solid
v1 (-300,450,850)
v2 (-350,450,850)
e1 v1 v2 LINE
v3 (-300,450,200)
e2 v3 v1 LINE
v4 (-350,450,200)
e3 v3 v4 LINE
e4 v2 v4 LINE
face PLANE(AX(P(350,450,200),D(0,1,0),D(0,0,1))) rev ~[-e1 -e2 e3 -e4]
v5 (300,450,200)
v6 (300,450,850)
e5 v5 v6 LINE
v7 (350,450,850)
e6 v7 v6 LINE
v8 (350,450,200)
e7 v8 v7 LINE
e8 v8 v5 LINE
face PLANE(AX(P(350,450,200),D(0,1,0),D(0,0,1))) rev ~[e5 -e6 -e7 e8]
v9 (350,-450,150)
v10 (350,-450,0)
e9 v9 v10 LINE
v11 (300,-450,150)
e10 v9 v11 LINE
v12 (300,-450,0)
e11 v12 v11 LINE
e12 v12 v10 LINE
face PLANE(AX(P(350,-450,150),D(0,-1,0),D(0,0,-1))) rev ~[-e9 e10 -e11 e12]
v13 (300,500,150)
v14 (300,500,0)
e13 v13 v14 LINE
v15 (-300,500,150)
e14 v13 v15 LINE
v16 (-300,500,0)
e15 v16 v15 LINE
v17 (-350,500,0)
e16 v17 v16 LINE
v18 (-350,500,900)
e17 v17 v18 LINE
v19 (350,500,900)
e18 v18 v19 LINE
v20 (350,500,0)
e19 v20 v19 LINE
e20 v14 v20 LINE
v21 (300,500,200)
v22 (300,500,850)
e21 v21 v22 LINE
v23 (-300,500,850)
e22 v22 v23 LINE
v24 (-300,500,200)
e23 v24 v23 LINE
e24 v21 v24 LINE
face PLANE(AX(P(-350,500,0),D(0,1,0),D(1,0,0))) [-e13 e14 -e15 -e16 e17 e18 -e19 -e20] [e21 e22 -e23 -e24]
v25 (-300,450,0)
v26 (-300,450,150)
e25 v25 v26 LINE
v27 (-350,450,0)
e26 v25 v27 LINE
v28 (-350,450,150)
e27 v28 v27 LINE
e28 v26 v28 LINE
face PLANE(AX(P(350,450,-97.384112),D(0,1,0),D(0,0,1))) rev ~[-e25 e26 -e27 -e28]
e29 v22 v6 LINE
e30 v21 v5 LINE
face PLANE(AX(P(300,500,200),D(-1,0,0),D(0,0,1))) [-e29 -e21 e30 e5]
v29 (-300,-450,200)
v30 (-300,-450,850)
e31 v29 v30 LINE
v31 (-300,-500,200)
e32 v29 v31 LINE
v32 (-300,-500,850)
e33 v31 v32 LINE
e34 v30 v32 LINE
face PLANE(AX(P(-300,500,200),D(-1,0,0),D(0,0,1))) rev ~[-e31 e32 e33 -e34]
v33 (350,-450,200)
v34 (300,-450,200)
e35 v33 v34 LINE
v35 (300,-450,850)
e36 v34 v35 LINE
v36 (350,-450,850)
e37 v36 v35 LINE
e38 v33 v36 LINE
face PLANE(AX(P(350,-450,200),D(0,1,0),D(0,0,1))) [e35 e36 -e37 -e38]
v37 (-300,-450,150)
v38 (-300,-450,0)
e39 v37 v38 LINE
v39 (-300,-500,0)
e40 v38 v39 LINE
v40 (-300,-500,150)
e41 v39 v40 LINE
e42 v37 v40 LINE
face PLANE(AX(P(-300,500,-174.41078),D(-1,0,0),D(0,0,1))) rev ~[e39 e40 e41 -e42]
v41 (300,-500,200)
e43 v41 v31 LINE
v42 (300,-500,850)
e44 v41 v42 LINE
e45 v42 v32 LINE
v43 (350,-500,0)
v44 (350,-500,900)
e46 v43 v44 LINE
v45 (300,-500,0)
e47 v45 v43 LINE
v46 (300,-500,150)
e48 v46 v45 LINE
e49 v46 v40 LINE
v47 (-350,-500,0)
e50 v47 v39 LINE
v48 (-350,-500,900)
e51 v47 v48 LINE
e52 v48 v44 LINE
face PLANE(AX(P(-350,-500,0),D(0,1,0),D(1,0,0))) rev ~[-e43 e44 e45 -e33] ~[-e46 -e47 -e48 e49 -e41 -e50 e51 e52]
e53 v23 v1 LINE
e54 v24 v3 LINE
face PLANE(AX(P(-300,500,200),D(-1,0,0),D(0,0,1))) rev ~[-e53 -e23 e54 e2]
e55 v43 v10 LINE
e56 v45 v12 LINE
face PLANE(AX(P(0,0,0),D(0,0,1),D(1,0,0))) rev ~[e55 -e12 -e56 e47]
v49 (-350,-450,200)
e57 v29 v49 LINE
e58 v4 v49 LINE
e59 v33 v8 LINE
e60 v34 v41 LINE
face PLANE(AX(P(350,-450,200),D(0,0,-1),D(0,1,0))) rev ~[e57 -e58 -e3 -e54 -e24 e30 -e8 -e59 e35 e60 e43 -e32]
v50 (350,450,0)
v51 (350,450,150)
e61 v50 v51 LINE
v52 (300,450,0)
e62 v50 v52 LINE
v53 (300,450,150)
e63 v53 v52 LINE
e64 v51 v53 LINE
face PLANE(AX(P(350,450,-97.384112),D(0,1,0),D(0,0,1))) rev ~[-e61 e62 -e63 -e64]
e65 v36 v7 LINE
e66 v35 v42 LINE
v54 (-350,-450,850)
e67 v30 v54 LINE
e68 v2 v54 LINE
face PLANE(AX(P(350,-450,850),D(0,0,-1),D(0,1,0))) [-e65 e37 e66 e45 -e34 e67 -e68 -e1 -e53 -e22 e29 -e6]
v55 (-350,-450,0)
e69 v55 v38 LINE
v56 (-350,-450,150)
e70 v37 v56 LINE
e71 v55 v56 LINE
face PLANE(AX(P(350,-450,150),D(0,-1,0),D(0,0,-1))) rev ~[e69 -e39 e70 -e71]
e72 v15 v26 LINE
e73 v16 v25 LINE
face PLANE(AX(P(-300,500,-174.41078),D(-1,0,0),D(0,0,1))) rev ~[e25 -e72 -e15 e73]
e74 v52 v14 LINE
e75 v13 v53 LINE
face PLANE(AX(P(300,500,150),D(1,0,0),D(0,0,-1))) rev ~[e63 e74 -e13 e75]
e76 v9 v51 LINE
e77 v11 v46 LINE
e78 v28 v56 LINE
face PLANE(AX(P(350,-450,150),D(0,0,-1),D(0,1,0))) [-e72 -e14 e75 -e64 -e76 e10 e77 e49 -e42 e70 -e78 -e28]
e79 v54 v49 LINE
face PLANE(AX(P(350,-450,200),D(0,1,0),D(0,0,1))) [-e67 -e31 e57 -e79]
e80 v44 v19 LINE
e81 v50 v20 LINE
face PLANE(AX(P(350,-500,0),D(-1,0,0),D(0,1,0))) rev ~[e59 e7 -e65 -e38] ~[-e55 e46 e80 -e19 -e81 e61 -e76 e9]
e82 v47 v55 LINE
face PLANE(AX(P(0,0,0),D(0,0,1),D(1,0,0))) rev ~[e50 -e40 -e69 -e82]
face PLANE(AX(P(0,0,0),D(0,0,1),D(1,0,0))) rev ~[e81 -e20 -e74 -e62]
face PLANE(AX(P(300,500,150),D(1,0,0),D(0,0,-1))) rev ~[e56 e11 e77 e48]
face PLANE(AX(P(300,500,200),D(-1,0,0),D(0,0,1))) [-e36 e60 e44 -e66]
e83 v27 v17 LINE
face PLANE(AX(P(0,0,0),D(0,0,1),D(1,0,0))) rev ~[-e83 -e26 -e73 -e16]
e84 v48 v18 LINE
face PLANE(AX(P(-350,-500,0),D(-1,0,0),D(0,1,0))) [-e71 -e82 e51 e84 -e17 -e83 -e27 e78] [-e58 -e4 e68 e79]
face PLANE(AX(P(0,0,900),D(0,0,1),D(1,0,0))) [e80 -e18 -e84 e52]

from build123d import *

# Parameters (mm, degrees)
F0_W     = 700
F0_H     = 1000
F1_DEPTH = 900
F2_W     = 900
F2_H     = 97.384112
F2_H_2   = 150
F2_H_3   = 650
F3_DEPTH = 1000
F4_W     = 600
F4_H     = 174.410781
F4_H_2   = 150
F4_H_3   = 650
F5_DEPTH = 1000


with BuildPart() as f1:
    # F0 (on Top) → F1 (new body)
    with BuildSketch(Plane.XY):
        Rectangle(F0_W, F0_H)
    extrude(amount=F1_DEPTH)

    # F2 (on face) → F3 (cut)
    with BuildSketch(Plane.YZ.offset(350)):
        with Locations((0, -48.692056)):
            Rectangle(F2_W, F2_H)
        with Locations((0, 75)):
            Rectangle(F2_W, F2_H_2)
        with Locations((0, 525)):
            Rectangle(F2_W, F2_H_3)
    extrude(amount=-F3_DEPTH, mode=Mode.SUBTRACT)

    # F4 (on face) → F5 (cut)
    with BuildSketch(Plane(origin=(0, 500, 0), x_dir=(-1, 0, 0), z_dir=(0, 1, 0))):
        with Locations((0, -87.20539)):
            Rectangle(F4_W, F4_H)
        with Locations((0, 75)):
            Rectangle(F4_W, F4_H_2)
        with Locations((0, 525)):
            Rectangle(F4_W, F4_H_3)
    extrude(amount=-F5_DEPTH, mode=Mode.SUBTRACT)


solid = f1.part
